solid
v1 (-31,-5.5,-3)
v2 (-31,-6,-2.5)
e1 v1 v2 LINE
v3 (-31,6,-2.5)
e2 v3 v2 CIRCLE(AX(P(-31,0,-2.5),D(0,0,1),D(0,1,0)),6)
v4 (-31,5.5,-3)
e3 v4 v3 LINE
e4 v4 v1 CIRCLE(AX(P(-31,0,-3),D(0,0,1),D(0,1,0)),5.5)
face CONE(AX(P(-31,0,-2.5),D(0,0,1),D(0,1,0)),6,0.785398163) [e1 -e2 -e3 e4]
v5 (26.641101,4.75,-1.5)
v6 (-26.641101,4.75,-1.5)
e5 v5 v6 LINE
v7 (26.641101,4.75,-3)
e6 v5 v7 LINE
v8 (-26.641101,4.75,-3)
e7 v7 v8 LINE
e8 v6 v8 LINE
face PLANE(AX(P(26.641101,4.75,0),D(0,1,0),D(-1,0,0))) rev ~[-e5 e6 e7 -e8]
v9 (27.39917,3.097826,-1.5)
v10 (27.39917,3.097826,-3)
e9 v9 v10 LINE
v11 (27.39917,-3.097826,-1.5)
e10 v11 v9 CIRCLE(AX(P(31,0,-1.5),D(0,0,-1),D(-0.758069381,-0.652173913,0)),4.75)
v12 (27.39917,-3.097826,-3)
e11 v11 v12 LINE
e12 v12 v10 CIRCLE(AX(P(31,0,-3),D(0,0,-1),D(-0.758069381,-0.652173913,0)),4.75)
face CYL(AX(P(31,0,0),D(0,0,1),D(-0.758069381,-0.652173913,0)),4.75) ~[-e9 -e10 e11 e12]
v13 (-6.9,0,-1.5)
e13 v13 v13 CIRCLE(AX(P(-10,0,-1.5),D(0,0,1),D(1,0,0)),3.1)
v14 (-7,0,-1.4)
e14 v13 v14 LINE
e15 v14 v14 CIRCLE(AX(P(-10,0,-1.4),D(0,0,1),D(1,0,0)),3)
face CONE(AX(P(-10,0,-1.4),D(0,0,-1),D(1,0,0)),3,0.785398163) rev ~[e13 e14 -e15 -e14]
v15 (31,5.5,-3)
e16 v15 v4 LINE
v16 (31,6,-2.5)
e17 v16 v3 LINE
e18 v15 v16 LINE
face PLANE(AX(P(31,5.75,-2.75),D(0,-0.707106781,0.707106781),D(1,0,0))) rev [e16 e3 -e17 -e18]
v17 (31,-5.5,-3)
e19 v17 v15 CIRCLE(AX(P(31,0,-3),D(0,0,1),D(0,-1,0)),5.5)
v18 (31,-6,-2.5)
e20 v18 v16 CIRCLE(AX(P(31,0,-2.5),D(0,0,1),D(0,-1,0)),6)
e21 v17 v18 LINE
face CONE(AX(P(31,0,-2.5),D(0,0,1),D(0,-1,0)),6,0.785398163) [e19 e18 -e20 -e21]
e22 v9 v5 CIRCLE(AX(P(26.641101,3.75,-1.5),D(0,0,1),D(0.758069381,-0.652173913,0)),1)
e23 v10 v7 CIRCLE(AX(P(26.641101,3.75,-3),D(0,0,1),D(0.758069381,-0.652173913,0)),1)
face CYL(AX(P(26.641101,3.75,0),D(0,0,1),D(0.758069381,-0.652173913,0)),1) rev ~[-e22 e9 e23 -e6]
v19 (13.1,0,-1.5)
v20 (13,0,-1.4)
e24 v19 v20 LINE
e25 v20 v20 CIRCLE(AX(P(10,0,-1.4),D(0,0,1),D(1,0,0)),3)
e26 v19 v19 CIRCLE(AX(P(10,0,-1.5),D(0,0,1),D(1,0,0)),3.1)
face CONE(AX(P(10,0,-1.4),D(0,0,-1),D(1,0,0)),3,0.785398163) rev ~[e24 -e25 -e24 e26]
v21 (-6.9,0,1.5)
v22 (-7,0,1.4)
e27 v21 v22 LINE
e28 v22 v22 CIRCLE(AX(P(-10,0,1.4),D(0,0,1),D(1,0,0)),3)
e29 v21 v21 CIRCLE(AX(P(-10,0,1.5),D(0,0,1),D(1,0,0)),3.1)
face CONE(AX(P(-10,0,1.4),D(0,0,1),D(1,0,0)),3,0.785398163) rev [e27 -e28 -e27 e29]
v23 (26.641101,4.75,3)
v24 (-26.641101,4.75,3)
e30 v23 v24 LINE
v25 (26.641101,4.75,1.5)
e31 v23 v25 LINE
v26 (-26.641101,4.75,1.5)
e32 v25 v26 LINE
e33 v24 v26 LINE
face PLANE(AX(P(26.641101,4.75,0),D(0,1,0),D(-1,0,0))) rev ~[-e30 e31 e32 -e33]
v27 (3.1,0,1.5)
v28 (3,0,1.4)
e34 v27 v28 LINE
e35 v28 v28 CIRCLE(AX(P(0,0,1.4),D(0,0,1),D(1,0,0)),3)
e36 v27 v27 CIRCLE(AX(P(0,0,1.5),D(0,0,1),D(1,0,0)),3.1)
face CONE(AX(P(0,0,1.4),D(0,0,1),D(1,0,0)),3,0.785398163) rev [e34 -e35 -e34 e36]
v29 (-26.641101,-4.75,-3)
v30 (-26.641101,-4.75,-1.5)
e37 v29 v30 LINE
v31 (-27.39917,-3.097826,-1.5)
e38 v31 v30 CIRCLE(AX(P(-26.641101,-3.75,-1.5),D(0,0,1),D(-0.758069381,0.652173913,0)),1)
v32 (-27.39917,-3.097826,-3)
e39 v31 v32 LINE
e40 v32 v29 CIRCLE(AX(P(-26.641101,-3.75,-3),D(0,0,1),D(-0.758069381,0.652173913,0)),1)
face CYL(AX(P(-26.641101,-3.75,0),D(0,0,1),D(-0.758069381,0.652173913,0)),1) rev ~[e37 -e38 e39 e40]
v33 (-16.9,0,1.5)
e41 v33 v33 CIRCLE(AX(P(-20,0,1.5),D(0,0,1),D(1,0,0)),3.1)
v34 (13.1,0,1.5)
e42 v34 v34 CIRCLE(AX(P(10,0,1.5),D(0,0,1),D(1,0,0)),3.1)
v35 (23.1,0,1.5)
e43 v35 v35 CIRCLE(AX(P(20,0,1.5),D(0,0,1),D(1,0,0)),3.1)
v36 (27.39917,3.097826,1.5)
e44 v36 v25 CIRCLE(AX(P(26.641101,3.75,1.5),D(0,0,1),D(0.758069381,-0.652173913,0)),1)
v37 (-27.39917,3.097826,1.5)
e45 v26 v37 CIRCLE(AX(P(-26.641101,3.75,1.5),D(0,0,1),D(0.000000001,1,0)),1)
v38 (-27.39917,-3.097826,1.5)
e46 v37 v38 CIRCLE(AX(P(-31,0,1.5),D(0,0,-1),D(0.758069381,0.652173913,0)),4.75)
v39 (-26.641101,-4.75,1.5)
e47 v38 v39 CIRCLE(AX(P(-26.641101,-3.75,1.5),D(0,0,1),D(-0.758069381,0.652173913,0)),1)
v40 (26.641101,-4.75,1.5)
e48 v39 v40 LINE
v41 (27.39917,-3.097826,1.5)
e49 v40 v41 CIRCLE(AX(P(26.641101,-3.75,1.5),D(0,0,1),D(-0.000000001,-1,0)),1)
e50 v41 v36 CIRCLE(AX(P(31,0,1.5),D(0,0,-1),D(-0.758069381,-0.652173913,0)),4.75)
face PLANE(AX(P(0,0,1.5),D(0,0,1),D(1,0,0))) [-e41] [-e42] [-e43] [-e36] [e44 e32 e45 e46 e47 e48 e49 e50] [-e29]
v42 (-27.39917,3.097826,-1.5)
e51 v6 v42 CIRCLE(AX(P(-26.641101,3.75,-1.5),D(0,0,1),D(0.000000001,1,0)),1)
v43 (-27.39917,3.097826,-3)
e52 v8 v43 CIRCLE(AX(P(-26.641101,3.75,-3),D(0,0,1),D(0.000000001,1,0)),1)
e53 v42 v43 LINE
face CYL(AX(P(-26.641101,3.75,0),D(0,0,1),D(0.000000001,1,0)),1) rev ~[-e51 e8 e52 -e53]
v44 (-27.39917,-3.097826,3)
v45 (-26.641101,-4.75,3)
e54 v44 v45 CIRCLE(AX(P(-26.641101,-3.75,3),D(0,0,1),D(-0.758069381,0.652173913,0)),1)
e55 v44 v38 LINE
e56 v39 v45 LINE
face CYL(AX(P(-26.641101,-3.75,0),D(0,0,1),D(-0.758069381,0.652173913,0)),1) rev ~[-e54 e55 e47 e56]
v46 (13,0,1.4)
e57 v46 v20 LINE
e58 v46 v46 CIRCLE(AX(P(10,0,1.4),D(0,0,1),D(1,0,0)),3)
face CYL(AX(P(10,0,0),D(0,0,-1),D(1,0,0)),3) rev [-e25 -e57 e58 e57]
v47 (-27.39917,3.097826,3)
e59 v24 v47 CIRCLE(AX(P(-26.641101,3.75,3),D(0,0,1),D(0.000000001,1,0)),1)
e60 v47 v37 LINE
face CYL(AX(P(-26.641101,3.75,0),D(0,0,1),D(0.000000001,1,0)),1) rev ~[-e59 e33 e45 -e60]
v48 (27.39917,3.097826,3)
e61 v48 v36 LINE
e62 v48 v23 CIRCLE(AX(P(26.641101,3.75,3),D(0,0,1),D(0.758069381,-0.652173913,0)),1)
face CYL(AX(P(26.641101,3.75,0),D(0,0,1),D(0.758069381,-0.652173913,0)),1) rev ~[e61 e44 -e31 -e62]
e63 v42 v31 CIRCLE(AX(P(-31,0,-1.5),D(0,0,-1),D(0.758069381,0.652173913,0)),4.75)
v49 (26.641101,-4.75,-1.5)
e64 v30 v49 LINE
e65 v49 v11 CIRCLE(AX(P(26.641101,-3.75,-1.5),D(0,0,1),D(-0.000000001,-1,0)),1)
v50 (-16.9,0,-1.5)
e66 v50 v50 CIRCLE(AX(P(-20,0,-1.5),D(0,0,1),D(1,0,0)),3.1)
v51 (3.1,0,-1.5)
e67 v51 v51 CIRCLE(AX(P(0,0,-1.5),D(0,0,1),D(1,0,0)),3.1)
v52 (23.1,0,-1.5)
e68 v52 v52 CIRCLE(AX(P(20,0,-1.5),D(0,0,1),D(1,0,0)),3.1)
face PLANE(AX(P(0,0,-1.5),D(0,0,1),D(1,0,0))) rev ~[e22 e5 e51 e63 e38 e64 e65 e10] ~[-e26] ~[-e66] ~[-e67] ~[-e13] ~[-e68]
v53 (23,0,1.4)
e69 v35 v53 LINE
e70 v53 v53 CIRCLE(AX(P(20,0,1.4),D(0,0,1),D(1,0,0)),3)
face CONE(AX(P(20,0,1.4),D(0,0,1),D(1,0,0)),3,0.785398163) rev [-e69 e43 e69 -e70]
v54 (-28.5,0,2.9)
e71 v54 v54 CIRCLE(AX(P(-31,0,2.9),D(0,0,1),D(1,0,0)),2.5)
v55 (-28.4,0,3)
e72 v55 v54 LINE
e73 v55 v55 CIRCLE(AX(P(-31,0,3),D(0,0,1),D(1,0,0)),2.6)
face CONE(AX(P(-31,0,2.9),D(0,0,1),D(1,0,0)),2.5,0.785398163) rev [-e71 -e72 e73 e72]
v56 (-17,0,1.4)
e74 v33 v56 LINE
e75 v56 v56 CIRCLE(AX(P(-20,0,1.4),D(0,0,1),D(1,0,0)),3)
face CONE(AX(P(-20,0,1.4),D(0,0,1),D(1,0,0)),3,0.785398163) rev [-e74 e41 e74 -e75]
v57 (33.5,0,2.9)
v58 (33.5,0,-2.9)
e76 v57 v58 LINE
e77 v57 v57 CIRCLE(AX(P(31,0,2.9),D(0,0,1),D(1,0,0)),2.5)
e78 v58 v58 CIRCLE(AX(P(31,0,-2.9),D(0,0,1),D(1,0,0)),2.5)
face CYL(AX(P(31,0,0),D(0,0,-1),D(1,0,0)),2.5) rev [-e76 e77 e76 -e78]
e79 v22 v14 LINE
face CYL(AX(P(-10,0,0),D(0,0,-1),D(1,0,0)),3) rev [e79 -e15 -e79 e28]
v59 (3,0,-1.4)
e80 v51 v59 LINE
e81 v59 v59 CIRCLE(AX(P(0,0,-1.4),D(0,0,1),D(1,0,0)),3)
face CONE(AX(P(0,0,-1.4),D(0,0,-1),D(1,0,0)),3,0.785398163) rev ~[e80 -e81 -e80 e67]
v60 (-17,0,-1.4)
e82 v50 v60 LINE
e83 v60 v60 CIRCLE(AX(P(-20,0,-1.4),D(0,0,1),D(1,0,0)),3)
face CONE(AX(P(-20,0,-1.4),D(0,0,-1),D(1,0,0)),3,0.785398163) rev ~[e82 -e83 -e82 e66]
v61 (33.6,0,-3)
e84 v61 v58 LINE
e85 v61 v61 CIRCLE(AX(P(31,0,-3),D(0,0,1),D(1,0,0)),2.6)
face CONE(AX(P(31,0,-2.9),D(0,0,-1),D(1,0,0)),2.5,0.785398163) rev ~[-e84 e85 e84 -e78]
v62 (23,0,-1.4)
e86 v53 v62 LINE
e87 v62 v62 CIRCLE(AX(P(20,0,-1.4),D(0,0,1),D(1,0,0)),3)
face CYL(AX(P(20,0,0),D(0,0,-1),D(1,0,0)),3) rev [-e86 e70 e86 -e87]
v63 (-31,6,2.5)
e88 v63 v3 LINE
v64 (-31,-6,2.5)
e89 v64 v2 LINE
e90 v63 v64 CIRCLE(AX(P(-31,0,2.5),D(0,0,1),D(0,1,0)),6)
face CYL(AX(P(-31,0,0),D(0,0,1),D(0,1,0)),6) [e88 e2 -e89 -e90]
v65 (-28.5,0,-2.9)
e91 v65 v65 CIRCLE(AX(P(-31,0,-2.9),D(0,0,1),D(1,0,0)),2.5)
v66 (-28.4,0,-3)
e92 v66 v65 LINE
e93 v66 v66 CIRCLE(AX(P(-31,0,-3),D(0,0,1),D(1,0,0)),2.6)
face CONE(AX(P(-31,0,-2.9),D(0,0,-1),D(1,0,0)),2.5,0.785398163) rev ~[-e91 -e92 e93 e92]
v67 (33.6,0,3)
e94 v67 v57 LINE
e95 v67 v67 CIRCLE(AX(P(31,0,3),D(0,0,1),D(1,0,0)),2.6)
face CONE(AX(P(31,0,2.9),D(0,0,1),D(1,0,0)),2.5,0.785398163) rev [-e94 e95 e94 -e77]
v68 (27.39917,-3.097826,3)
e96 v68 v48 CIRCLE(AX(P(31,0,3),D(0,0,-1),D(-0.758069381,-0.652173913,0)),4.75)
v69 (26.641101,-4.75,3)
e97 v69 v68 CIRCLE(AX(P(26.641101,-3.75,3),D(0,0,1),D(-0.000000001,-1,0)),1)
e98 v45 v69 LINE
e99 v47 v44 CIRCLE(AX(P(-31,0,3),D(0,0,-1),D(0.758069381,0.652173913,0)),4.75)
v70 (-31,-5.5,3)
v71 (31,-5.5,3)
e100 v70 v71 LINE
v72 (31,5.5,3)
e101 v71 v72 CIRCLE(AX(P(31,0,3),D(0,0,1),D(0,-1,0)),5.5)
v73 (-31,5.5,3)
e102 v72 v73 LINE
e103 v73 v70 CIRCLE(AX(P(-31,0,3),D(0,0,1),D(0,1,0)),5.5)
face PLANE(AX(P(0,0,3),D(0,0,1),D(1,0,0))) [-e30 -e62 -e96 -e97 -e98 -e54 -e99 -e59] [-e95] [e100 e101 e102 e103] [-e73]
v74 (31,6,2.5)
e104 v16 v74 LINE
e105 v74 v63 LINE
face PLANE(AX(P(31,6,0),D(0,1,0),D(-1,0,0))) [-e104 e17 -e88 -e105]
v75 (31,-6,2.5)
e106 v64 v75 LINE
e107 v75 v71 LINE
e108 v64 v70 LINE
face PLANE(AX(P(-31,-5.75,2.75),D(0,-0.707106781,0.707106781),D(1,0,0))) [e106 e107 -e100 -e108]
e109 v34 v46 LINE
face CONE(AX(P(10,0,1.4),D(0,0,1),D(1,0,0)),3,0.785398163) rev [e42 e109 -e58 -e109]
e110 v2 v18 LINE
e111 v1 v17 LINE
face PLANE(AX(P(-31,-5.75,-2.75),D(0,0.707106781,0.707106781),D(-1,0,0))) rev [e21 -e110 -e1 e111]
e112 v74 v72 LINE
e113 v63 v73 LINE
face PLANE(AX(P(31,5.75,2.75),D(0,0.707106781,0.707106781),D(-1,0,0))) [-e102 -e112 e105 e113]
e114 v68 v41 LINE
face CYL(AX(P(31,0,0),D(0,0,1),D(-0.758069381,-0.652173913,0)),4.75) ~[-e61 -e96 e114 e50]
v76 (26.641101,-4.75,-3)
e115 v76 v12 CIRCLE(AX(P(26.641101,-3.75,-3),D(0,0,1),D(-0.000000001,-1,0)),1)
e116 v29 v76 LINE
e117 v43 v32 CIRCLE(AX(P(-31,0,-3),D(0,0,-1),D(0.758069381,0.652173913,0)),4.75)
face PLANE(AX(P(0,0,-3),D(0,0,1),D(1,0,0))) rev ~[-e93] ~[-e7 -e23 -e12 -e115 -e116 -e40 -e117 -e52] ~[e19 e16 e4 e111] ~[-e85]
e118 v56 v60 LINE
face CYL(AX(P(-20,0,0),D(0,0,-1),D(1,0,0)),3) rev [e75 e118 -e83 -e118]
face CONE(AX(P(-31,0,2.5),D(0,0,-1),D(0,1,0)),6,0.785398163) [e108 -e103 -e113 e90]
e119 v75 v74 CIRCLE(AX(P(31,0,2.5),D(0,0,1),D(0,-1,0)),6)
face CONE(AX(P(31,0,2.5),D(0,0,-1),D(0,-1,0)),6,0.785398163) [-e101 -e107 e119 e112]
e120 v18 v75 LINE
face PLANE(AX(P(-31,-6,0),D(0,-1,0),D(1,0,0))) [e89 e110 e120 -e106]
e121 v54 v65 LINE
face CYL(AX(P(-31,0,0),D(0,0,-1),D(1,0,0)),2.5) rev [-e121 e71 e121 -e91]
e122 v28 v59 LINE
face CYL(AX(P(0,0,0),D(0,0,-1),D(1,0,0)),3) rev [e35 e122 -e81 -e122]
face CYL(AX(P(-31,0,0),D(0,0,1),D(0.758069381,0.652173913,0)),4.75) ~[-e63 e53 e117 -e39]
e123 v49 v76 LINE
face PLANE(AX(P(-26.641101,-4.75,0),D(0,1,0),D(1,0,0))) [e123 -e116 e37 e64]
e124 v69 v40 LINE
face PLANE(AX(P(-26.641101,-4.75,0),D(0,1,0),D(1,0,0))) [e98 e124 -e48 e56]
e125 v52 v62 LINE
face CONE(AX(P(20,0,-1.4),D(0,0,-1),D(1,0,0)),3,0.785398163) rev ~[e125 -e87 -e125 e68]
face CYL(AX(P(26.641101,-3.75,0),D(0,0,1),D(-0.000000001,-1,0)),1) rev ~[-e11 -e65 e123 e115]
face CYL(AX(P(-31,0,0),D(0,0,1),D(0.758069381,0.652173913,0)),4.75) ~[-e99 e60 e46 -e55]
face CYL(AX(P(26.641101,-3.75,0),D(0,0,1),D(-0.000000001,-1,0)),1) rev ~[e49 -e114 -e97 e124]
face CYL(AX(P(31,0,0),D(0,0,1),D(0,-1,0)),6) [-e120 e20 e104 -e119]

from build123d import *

# Parameters (mm, degrees)
SKETCH1_R           = 2.5
BOSS_EXTRUDE1_DEPTH = 3
SKETCH1_3_R         = 3
BOSS_EXTRUDE2_DEPTH = 1.5
CHAMFER1_SIZE       = 0.5
CHAMFER3_SIZE       = 0.1


with BuildPart() as part:
    # Sketch1 → Boss-Extrude1 (new, symmetric)
    with BuildSketch(Plane.XY):
        with BuildLine():
            Line((-31, -6), (31, -6))
            ThreePointArc((31, -6), (37, 0), (31, 6))
            Line((31, 6), (-31, 6))
            ThreePointArc((-31, 6), (-37, 0), (-31, -6))
        make_face()
        with Locations((31, 0)):
            Circle(SKETCH1_R, mode=Mode.SUBTRACT)
        with Locations((-31, 0)):
            Circle(SKETCH1_R, mode=Mode.SUBTRACT)
        with BuildLine():
            ThreePointArc((26.641101056, -4.75), (27.549994316, -4.167028828), (27.399170438, -3.097826087))
            ThreePointArc((27.399170438, -3.097826087), (26.25, 0), (27.399170438, 3.097826087))
            ThreePointArc((27.399170438, 3.097826087), (27.549994316, 4.167028828), (26.641101056, 4.75))
            Line((26.641101056, 4.75), (-26.641101056, 4.75))
            ThreePointArc((-26.641101056, 4.75), (-27.549994316, 4.167028828), (-27.399170438, 3.097826087))
            ThreePointArc((-27.399170438, 3.097826087), (-26.25, 0), (-27.399170438, -3.097826087))
            ThreePointArc((-27.399170438, -3.097826087), (-27.549994316, -4.167028828), (-26.641101056, -4.75))
            Line((-26.641101056, -4.75), (26.641101056, -4.75))
        make_face(mode=Mode.SUBTRACT)
    extrude(amount=BOSS_EXTRUDE1_DEPTH, both=True)

    # Sketch1<3> → Boss-Extrude2 (add, symmetric)
    with BuildSketch(Plane.XY):
        with BuildLine():
            Line((-26.641101056, -4.75), (26.641101056, -4.75))
            ThreePointArc((26.641101056, -4.75), (27.549994316, -4.167028828), (27.399170438, -3.097826087))
            ThreePointArc((27.399170438, -3.097826087), (26.25, 0), (27.399170438, 3.097826087))
            ThreePointArc((27.399170438, 3.097826087), (27.549994316, 4.167028828), (26.641101056, 4.75))
            Line((26.641101056, 4.75), (-26.641101056, 4.75))
            ThreePointArc((-26.641101056, 4.75), (-27.549994316, 4.167028828), (-27.399170438, 3.097826087))
            ThreePointArc((-27.399170438, 3.097826087), (-26.25, 0), (-27.399170438, -3.097826087))
            ThreePointArc((-27.399170438, -3.097826087), (-27.549994316, -4.167028828), (-26.641101056, -4.75))
        make_face()
        Circle(SKETCH1_3_R, mode=Mode.SUBTRACT)
        with Locations((10, 0)):
            Circle(SKETCH1_3_R, mode=Mode.SUBTRACT)
        with Locations((20, 0)):
            Circle(SKETCH1_3_R, mode=Mode.SUBTRACT)
        with Locations((-10, 0)):
            Circle(SKETCH1_3_R, mode=Mode.SUBTRACT)
        with Locations((-20, 0)):
            Circle(SKETCH1_3_R, mode=Mode.SUBTRACT)
    extrude(amount=BOSS_EXTRUDE2_DEPTH, both=True)

    # Chamfer1
    chamfer1_edges = [part.edges().sort_by_distance(p)[0] for p in [
        (-37, 0, -3),
        (0, 6, -3),
        (37, 0, -3),
        (0, -6, -3),
        (0, -6, 3),
        (37, 0, 3),
        (0, 6, 3),
        (-37, 0, 3),
    ]]
    chamfer(chamfer1_edges, length=CHAMFER1_SIZE)

    # Chamfer3
    chamfer3_edges = [part.edges().sort_by_distance(p)[0] for p in [
        (-33.5, 0, -3),
        (28.5, 0, -3),
        (28.5, 0, 3),
        (-33.5, 0, 3),
        (-23, 0, 1.5),
        (-13, 0, 1.5),
        (17, 0, 1.5),
        (7, 0, 1.5),
        (-3, 0, 1.5),
        (-3, 0, -1.5),
        (7, 0, -1.5),
        (17, 0, -1.5),
        (-13, 0, -1.5),
        (-23, 0, -1.5),
    ]]
    chamfer(chamfer3_edges, length=CHAMFER3_SIZE)


solid = part.part
